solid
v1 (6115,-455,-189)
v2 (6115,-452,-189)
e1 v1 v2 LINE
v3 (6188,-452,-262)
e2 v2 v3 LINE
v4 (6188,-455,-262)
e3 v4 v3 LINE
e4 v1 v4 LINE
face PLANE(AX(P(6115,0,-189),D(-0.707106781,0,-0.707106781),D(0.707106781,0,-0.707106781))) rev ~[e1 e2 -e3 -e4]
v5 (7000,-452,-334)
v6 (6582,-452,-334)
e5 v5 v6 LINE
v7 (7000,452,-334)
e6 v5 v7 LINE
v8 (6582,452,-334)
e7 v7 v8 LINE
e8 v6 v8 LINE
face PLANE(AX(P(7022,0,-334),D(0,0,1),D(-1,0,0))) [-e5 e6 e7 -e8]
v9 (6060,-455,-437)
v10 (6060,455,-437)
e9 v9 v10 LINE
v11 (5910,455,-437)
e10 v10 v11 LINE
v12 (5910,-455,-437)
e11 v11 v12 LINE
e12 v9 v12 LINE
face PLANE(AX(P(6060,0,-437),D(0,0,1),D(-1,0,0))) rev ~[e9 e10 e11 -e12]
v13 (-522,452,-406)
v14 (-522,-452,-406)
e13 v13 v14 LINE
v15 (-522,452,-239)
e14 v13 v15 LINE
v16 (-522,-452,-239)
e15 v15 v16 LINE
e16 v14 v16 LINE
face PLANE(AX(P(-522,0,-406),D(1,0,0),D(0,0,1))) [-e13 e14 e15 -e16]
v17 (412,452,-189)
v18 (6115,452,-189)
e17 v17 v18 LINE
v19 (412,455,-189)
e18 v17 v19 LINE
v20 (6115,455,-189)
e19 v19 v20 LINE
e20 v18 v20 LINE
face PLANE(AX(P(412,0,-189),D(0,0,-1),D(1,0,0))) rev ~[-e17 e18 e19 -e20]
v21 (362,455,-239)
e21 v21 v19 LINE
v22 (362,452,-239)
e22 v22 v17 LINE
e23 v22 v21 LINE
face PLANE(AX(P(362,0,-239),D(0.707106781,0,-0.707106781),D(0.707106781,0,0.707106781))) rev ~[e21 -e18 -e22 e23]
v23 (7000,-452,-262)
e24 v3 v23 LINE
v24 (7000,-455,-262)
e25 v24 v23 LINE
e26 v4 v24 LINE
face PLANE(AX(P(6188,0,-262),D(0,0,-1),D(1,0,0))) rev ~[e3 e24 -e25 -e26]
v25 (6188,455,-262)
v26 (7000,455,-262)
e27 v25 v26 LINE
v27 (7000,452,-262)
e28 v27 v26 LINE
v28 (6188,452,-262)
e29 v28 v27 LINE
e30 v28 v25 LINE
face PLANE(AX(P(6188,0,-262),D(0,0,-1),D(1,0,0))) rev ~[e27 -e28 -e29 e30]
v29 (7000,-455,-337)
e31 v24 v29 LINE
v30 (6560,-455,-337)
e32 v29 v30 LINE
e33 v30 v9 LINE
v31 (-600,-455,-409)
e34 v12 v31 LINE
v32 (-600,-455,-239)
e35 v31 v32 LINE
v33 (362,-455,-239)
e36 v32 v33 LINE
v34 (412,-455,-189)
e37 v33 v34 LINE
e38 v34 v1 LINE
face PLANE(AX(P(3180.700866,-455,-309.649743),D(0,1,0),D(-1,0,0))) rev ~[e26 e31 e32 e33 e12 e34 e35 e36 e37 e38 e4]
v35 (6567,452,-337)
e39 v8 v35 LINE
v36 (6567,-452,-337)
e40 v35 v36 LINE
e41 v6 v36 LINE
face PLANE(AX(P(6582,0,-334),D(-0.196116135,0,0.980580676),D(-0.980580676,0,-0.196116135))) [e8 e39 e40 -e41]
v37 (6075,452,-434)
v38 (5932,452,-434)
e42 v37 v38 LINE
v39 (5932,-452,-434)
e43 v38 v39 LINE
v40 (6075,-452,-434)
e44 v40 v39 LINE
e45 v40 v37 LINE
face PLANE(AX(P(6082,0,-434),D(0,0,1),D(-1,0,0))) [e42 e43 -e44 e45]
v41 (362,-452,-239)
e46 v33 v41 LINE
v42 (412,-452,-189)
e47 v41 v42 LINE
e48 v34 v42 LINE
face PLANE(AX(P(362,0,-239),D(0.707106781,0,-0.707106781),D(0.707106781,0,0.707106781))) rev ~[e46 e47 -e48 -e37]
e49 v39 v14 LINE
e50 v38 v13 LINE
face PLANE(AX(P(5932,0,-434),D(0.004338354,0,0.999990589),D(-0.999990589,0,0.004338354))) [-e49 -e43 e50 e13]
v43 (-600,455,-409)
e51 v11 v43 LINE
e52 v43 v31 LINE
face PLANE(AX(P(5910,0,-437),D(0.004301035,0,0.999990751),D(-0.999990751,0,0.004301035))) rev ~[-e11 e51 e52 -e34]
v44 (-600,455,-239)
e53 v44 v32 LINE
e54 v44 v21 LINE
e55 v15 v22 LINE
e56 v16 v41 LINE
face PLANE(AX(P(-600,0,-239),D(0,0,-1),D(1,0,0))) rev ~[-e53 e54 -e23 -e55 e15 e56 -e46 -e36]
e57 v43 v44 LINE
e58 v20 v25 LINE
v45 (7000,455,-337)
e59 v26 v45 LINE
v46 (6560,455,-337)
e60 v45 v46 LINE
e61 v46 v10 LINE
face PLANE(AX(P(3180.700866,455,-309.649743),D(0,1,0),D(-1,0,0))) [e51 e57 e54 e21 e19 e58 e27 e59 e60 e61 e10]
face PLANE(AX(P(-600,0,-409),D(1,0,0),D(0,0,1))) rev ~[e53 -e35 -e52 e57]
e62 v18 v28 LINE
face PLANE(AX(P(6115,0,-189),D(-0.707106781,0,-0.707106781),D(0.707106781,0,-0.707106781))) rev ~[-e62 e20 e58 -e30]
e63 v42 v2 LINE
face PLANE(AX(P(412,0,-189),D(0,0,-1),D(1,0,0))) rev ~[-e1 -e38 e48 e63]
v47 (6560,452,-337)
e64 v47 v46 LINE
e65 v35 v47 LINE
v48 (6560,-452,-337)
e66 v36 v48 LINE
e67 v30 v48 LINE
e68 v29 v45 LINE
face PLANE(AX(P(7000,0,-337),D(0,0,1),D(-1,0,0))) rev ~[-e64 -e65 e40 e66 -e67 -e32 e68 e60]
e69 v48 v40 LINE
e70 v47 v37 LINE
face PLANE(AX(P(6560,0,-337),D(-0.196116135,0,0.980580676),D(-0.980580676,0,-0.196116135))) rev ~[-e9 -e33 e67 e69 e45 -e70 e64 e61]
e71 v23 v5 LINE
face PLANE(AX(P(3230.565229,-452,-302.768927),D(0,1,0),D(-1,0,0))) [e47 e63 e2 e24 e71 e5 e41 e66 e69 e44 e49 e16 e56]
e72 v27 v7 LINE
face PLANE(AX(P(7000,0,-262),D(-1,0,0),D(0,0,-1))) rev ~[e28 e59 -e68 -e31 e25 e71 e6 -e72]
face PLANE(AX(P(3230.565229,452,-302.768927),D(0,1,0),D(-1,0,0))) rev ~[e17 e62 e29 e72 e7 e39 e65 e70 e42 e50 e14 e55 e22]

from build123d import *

# Parameters (mm, degrees)
EXTRUDE031_DEPTH = 452
EXTRUDE015_DEPTH = 455


with BuildPart() as extrude031:
    # Sketch032 → Extrude031 (new body, symmetric)
    with BuildSketch(Plane.XZ):
        Polygon((-522, -239), (362, -239), (422, -179), (6104, -179), (6187, -262), (7022, -262), (7022, -337), (6582, -337), (6082, -437), (5932, -437), (-522, -409), align=None)
    extrude(amount=EXTRUDE031_DEPTH, both=True)


with BuildPart() as extrude031_1:
    # Extrude031 placement: moved
    add(extrude031.part.moved(Location((0, 0, 3))))


with BuildPart() as cut:
    # Sketch023 → Extrude015 (new body, symmetric)
    with BuildSketch(Plane.XZ):
        Polygon((-600, -239), (362, -239), (412, -189), (6115, -189), (6188, -262), (7000, -262), (7000, -337), (6560, -337), (6060, -437), (5910, -437), (-600, -409), align=None)
    extrude(amount=EXTRUDE015_DEPTH, both=True)

    # Cut: cut Extrude031
    add(extrude031_1.part, mode=Mode.SUBTRACT)


solid = cut.part
